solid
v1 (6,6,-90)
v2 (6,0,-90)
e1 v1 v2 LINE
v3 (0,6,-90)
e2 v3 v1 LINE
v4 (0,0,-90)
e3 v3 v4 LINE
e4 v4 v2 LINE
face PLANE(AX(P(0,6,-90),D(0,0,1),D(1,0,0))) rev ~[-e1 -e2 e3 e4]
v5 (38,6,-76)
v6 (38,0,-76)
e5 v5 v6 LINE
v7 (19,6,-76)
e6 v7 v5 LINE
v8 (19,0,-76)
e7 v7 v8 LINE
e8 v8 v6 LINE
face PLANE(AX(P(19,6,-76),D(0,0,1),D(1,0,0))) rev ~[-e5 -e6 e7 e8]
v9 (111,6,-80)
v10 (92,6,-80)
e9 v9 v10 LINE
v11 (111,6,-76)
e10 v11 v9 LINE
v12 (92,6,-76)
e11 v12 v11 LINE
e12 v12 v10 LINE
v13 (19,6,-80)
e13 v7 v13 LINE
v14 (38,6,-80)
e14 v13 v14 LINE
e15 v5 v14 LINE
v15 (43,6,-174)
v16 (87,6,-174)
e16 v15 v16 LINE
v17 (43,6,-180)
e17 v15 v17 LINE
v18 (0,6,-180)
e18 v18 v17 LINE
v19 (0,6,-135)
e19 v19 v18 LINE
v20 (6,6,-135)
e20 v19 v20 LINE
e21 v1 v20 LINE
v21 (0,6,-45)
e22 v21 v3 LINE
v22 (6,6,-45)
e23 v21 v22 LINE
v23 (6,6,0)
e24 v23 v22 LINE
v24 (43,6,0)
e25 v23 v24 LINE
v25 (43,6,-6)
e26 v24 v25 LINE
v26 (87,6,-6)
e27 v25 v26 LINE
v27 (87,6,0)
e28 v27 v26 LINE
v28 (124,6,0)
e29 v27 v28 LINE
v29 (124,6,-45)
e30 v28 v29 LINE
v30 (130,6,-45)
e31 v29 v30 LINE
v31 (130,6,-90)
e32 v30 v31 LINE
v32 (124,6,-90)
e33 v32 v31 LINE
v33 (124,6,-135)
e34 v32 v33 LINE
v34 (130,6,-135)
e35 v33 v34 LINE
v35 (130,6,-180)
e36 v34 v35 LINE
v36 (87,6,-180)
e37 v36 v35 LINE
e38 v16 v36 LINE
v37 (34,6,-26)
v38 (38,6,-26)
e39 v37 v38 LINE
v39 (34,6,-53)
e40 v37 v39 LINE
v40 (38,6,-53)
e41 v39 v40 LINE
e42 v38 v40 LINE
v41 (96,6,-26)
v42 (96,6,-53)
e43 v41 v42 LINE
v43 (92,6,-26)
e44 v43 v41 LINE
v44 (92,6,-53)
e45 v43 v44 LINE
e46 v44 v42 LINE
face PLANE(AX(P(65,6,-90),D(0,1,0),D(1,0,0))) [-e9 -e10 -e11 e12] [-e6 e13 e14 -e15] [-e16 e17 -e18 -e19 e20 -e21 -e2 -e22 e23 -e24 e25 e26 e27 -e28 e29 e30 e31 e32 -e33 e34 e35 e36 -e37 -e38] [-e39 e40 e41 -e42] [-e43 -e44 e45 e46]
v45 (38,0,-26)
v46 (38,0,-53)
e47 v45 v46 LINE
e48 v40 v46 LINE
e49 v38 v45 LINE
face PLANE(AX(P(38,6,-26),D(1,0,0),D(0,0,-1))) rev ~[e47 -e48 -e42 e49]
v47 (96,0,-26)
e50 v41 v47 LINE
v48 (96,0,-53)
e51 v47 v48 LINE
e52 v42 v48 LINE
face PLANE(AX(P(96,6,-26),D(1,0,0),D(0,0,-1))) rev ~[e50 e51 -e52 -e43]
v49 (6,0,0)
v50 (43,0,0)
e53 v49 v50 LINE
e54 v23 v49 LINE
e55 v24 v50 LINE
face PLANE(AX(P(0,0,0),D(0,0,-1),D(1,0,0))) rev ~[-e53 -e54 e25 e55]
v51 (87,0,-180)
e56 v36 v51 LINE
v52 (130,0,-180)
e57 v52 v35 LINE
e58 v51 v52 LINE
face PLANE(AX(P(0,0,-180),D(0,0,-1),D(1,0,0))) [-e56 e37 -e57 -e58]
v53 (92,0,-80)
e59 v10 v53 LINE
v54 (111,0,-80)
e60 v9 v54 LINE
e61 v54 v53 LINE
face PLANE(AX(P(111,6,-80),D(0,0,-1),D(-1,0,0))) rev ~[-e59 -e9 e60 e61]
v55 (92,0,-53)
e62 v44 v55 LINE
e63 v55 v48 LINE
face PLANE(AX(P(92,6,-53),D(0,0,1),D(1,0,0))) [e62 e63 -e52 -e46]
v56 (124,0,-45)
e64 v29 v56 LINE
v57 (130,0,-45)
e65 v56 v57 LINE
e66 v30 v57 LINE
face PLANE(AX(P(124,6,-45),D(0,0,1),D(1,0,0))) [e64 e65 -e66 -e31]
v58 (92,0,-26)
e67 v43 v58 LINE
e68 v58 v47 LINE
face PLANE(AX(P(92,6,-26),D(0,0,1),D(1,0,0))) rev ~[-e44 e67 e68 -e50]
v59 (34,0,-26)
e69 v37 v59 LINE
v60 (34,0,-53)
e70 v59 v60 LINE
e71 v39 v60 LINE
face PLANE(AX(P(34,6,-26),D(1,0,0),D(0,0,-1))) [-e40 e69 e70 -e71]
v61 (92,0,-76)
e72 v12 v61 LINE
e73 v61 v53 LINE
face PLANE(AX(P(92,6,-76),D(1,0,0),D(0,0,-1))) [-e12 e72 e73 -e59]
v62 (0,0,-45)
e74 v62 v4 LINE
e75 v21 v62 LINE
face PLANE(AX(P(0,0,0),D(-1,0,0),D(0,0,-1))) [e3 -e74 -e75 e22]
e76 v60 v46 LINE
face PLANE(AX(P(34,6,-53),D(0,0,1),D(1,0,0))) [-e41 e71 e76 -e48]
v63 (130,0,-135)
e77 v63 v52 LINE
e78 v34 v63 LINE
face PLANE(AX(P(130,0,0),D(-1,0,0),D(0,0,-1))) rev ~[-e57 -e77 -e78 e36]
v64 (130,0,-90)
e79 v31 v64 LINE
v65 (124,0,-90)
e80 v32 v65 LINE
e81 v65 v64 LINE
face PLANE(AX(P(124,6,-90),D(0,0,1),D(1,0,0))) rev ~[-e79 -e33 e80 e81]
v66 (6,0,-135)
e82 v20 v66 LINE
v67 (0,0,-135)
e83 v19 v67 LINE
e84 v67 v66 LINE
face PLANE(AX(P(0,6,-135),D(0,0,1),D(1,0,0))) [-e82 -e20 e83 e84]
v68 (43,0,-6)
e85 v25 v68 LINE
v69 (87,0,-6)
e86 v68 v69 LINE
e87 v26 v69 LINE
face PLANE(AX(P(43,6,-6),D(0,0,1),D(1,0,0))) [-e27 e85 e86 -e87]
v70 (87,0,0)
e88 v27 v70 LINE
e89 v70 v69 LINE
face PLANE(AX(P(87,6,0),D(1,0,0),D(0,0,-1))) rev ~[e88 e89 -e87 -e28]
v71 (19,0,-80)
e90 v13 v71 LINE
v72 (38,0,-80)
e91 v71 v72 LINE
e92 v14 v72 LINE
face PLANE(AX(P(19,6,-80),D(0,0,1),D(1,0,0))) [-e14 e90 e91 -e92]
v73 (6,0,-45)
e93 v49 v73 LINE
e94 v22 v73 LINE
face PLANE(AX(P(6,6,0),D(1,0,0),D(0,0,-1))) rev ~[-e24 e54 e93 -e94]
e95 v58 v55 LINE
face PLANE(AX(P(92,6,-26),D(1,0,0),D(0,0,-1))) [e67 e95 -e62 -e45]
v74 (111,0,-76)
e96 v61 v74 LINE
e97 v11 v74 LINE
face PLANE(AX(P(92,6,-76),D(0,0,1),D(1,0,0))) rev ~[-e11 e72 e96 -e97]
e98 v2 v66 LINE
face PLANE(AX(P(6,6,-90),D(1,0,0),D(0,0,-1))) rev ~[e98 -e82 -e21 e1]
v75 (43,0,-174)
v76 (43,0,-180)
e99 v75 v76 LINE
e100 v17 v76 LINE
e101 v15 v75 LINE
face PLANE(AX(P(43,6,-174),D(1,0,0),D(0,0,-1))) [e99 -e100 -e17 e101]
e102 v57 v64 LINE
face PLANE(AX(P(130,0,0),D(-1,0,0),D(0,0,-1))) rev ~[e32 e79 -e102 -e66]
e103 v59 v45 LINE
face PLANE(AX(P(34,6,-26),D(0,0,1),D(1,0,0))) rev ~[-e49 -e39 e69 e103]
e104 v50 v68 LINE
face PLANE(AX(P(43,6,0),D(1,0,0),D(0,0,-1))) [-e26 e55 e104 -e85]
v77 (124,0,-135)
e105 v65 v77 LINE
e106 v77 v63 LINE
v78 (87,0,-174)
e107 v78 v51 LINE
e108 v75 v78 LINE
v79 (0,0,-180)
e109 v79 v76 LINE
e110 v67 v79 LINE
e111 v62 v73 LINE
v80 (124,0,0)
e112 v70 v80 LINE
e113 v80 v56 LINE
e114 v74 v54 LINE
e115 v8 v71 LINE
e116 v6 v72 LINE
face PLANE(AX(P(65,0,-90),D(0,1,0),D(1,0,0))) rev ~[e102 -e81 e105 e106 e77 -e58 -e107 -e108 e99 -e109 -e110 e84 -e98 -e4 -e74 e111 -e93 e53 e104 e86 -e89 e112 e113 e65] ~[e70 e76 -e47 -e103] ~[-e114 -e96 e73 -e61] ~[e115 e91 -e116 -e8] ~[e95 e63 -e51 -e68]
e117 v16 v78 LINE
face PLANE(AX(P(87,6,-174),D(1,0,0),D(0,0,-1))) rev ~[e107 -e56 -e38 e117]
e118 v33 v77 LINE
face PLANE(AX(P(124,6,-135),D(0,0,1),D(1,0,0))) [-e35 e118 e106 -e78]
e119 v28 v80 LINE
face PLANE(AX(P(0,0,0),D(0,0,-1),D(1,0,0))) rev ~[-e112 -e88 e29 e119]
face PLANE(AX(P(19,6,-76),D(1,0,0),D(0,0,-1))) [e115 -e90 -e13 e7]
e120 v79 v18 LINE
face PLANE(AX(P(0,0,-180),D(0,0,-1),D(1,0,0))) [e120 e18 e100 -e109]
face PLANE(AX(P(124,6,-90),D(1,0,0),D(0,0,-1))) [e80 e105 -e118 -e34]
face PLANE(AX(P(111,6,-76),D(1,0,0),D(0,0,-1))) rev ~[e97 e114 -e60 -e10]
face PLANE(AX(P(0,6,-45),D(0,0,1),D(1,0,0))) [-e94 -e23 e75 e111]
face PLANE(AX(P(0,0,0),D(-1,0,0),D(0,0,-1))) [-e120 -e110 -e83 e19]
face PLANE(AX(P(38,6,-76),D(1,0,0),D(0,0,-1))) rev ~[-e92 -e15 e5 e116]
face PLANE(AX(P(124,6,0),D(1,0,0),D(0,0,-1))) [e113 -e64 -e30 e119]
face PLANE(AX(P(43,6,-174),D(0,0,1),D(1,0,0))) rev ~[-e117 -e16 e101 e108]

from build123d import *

# Parameters (mm, degrees)
SKETCH1_W           = 130
SKETCH1_H           = 180
BOSS_EXTRUDE1_DEPTH = 6
SKETCH2_W           = 6
SKETCH2_H           = 45
SKETCH2_H_2         = 39
SKETCH2_H_3         = 6
SKETCH2_W_2         = 44
SKETCH2_W_3         = 15
SKETCH2_H_4         = 4
SKETCH2_W_4         = 4
SKETCH2_W_5         = 19
SKETCH2_H_5         = 27
CUT_EXTRUDE1_DEPTH  = 223.117086241


with BuildPart() as part:
    # Sketch1 → Boss-Extrude1 (new body)
    with BuildSketch(Plane(origin=(0, 0, 0), x_dir=(1, 0, 0), z_dir=(0, 1, 0))):
        with Locations((65, 90)):
            Rectangle(SKETCH1_W, SKETCH1_H)
    extrude(amount=BOSS_EXTRUDE1_DEPTH)

    # Sketch2 → Cut-Extrude1 (cut, through all)
    with BuildSketch(Plane(origin=(0, 6, 0), x_dir=(1, 0, 0), z_dir=(0, 1, 0))):
        with Locations((3, 112.5)):
            Rectangle(SKETCH2_W, SKETCH2_H)
        with Locations((3, 25.5)):
            Rectangle(SKETCH2_W, SKETCH2_H_2)
        with Locations((3, 3)):
            Rectangle(SKETCH2_W, SKETCH2_H_3)
        with Locations((127, 22.5)):
            Rectangle(SKETCH2_W, SKETCH2_H)
        with Locations((65, 3)):
            Rectangle(SKETCH2_W_2, SKETCH2_H_3)
        with Locations((127, 112.5)):
            Rectangle(SKETCH2_W, SKETCH2_H)
        with Locations((103.5, 78)):
            Rectangle(SKETCH2_W_3, SKETCH2_H_4)
        with Locations((94, 78)):
            Rectangle(SKETCH2_W_4, SKETCH2_H_4)
        with Locations((28.5, 78)):
            Rectangle(SKETCH2_W_5, SKETCH2_H_4)
        with Locations((36, 39.5)):
            Rectangle(SKETCH2_W_4, SKETCH2_H_5)
        with Locations((94, 39.5)):
            Rectangle(SKETCH2_W_4, SKETCH2_H_5)
        with Locations((65, 177)):
            Rectangle(SKETCH2_W_2, SKETCH2_H_3)
    extrude(amount=-CUT_EXTRUDE1_DEPTH, mode=Mode.SUBTRACT)


solid = part.part
